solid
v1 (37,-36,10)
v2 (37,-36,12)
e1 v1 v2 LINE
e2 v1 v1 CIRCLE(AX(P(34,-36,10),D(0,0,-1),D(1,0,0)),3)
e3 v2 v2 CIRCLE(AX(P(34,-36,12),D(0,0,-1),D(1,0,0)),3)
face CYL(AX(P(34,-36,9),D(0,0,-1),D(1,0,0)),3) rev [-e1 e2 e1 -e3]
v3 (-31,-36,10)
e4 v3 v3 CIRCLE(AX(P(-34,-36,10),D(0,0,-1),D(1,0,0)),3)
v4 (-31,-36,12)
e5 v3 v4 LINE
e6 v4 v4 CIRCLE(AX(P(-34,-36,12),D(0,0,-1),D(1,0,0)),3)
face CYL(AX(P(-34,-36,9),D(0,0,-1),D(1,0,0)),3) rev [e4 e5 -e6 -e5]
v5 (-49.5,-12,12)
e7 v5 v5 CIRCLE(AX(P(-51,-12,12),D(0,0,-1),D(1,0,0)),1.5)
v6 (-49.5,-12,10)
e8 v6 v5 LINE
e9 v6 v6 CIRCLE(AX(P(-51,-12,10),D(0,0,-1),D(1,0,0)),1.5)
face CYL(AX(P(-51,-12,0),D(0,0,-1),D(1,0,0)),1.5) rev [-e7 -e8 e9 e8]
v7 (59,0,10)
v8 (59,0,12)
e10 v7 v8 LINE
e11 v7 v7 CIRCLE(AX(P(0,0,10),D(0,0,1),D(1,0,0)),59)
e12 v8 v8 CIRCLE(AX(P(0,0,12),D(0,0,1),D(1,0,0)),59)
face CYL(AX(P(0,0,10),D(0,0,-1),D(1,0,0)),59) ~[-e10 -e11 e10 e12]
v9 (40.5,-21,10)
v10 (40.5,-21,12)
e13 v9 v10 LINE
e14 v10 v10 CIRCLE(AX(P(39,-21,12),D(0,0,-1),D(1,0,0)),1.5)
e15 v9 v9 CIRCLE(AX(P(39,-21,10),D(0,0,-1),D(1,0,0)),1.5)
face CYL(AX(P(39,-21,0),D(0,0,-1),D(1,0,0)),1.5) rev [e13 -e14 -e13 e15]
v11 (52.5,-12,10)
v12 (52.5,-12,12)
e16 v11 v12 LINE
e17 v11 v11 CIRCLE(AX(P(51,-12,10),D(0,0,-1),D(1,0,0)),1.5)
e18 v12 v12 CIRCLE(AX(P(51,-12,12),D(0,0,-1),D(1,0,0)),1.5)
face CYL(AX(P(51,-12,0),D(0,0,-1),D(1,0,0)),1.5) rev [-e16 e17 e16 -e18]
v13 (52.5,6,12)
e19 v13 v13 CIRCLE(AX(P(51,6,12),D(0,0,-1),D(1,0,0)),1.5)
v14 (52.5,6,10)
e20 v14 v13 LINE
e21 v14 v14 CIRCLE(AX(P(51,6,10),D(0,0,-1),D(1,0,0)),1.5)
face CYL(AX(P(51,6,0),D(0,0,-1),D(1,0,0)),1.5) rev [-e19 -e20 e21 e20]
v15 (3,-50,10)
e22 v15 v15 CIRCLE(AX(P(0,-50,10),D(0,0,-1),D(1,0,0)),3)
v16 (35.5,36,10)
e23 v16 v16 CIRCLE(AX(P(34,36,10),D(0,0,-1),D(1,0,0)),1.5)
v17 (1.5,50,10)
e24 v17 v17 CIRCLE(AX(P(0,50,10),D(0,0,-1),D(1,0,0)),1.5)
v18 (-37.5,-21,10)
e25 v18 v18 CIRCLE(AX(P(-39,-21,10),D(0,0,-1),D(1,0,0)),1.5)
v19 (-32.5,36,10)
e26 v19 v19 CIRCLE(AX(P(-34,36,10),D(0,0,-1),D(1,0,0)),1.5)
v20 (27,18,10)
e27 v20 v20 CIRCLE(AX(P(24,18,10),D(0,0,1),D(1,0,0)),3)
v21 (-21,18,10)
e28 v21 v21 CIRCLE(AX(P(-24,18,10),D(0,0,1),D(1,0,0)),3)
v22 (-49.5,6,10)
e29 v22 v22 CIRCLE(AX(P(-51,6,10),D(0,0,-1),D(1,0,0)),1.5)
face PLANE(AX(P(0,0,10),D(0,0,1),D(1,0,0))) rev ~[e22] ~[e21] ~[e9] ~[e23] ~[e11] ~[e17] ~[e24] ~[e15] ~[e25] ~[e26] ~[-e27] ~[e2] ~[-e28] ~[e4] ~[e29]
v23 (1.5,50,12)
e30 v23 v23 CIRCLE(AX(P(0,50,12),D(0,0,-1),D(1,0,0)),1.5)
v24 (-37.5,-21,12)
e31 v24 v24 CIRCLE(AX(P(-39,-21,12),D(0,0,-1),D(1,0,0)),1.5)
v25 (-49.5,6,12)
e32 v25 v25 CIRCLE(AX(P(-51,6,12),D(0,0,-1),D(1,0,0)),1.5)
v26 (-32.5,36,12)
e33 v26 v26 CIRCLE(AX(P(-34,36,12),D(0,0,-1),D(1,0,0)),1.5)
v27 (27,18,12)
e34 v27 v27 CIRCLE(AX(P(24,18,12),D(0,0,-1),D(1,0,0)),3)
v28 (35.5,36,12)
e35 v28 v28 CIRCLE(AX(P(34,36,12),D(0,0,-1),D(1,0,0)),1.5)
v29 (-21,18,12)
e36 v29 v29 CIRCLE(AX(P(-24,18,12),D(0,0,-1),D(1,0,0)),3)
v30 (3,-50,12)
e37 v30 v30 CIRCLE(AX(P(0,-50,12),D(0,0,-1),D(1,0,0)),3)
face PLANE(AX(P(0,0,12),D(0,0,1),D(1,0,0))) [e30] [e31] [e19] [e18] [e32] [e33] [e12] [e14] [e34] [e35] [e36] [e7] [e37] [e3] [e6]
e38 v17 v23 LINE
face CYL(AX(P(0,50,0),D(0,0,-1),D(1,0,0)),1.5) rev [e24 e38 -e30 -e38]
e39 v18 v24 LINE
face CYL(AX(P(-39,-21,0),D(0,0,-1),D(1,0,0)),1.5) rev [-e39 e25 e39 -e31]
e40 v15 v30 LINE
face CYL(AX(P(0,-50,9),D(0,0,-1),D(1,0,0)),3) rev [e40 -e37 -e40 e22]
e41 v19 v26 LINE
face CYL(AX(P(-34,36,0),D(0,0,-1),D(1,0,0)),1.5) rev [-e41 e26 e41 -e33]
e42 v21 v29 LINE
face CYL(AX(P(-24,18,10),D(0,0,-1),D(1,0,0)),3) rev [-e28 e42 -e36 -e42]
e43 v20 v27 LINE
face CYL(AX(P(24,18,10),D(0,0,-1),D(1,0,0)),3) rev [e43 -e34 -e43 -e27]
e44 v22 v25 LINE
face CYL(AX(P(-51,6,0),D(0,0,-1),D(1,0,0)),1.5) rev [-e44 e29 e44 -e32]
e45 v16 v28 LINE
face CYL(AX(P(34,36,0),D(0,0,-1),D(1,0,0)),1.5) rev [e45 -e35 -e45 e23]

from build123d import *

# Parameters (mm, degrees)
CYLINDER529_R     = 1.5
CYLINDER529_DEPTH = 100
CYLINDER528_R     = 1.5
CYLINDER528_DEPTH = 100
CYLINDER367_R     = 3
CYLINDER367_DEPTH = 4
CYLINDER365_R     = 1.5
CYLINDER365_DEPTH = 50
CYLINDER360_R     = 3
CYLINDER360_DEPTH = 4
CYLINDER359_R     = 3
CYLINDER359_DEPTH = 4
CYLINDER356_R     = 3
CYLINDER356_DEPTH = 4
CYLINDER353_R     = 3
CYLINDER353_DEPTH = 4
CYLINDER350_R     = 1.5
CYLINDER350_DEPTH = 50
CYLINDER349_R     = 1.5
CYLINDER349_DEPTH = 50
CYLINDER347_R     = 1.5
CYLINDER347_DEPTH = 50
CYLINDER348_R     = 1.5
CYLINDER348_DEPTH = 50
CYLINDER346_R     = 1.5
CYLINDER346_DEPTH = 100
CYLINDER345_R     = 1.5
CYLINDER345_DEPTH = 100
CYLINDER287_R     = 59
CYLINDER287_DEPTH = 2


with BuildPart() as v_lec529:
    # Cylinder529 → Cylinder529 (new body)
    with BuildSketch(Plane(origin=(39, -21, 0), x_dir=(1, 0, 0), z_dir=(0, 0, 1))):
        Circle(CYLINDER529_R)
    extrude(amount=CYLINDER529_DEPTH)


with BuildPart() as compound:
    # Cylinder528 → Cylinder528 (new body)
    with BuildSketch(Plane(origin=(-39, -21, 0), x_dir=(1, 0, 0), z_dir=(0, 0, 1))):
        Circle(CYLINDER528_R)
    extrude(amount=CYLINDER528_DEPTH)

    # Compound: union Válec529
    add(v_lec529.part)


with BuildPart() as v_lec367:
    # Cylinder367 → Cylinder367 (new body)
    with BuildSketch(Plane(origin=(0, -50, 9), x_dir=(1, 0, 0), z_dir=(0, 0, 1))):
        Circle(CYLINDER367_R)
    extrude(amount=CYLINDER367_DEPTH)


with BuildPart() as v_lec365:
    # Cylinder365 → Cylinder365 (new body)
    with BuildSketch(Plane(origin=(0, 50, 0), x_dir=(1, 0, 0), z_dir=(0, 0, 1))):
        Circle(CYLINDER365_R)
    extrude(amount=CYLINDER365_DEPTH)


with BuildPart() as v_lec360:
    # Cylinder360 → Cylinder360 (new body)
    with BuildSketch(Plane(origin=(-34, -36, 0), x_dir=(1, 0, 0), z_dir=(0, 0, 1))):
        Circle(CYLINDER360_R)
    extrude(amount=CYLINDER360_DEPTH)


with BuildPart() as compound305:
    # Cylinder359 → Cylinder359 (new body)
    with BuildSketch(Plane(origin=(34, -36, 0), x_dir=(1, 0, 0), z_dir=(0, 0, 1))):
        Circle(CYLINDER359_R)
    extrude(amount=CYLINDER359_DEPTH)

    # Compound305: union Válec360
    add(v_lec360.part)


with BuildPart() as compound305_1:
    # Compound305 placement: moved
    add(compound305.part.moved(Location((0, 0, 9))))


with BuildPart() as v_lec356:
    # Cylinder356 → Cylinder356 (new body)
    with BuildSketch(Plane(origin=(24, 18, 0), x_dir=(1, 0, 0), z_dir=(0, 0, 1))):
        Circle(CYLINDER356_R)
    extrude(amount=CYLINDER356_DEPTH)


with BuildPart() as compound304:
    # Cylinder353 → Cylinder353 (new body)
    with BuildSketch(Plane(origin=(-24, 18, 0), x_dir=(1, 0, 0), z_dir=(0, 0, 1))):
        Circle(CYLINDER353_R)
    extrude(amount=CYLINDER353_DEPTH)

    # Compound304: union Válec356
    add(v_lec356.part)


with BuildPart() as compound304_1:
    # Compound304 placement: moved
    add(compound304.part.moved(Location((0, 0, 10))))


with BuildPart() as v_lec350:
    # Cylinder350 → Cylinder350 (new body)
    with BuildSketch(Plane(origin=(-34, 36, 0), x_dir=(1, 0, 0), z_dir=(0, 0, 1))):
        Circle(CYLINDER350_R)
    extrude(amount=CYLINDER350_DEPTH)


with BuildPart() as v_lec349:
    # Cylinder349 → Cylinder349 (new body)
    with BuildSketch(Plane(origin=(34, 36, 0), x_dir=(1, 0, 0), z_dir=(0, 0, 1))):
        Circle(CYLINDER349_R)
    extrude(amount=CYLINDER349_DEPTH)


with BuildPart() as v_lec347:
    # Cylinder347 → Cylinder347 (new body)
    with BuildSketch(Plane(origin=(51, 6, 0), x_dir=(1, 0, 0), z_dir=(0, 0, 1))):
        Circle(CYLINDER347_R)
    extrude(amount=CYLINDER347_DEPTH)


with BuildPart() as v_lec348:
    # Cylinder348 → Cylinder348 (new body)
    with BuildSketch(Plane(origin=(-51, 6, 0), x_dir=(1, 0, 0), z_dir=(0, 0, 1))):
        Circle(CYLINDER348_R)
    extrude(amount=CYLINDER348_DEPTH)


with BuildPart() as v_lec346:
    # Cylinder346 → Cylinder346 (new body)
    with BuildSketch(Plane(origin=(51, -12, 0), x_dir=(1, 0, 0), z_dir=(0, 0, 1))):
        Circle(CYLINDER346_R)
    extrude(amount=CYLINDER346_DEPTH)


with BuildPart() as compound302:
    # Cylinder345 → Cylinder345 (new body)
    with BuildSketch(Plane(origin=(-51, -12, 0), x_dir=(1, 0, 0), z_dir=(0, 0, 1))):
        Circle(CYLINDER345_R)
    extrude(amount=CYLINDER345_DEPTH)

    # Compound302: union Válec350, Válec349, Válec347, Válec348, Válec346
    add(v_lec350.part)
    add(v_lec349.part)
    add(v_lec347.part)
    add(v_lec348.part)
    add(v_lec346.part)


with BuildPart() as cut160:
    # Cylinder287 → Cylinder287 (new body)
    with BuildSketch(Plane.XY.offset(10)):
        Circle(CYLINDER287_R)
    extrude(amount=CYLINDER287_DEPTH)

    # Cut148: cut Compound302
    add(compound302.part, mode=Mode.SUBTRACT)

    # Cut149: cut Compound304
    add(compound304_1.part, mode=Mode.SUBTRACT)

    # Cut150: cut Compound305
    add(compound305_1.part, mode=Mode.SUBTRACT)

    # Cut155: cut Válec365
    add(v_lec365.part, mode=Mode.SUBTRACT)

    # Cut157: cut Válec367
    add(v_lec367.part, mode=Mode.SUBTRACT)

    # Cut160: cut Compound
    add(compound.part, mode=Mode.SUBTRACT)


solid = cut160.part
